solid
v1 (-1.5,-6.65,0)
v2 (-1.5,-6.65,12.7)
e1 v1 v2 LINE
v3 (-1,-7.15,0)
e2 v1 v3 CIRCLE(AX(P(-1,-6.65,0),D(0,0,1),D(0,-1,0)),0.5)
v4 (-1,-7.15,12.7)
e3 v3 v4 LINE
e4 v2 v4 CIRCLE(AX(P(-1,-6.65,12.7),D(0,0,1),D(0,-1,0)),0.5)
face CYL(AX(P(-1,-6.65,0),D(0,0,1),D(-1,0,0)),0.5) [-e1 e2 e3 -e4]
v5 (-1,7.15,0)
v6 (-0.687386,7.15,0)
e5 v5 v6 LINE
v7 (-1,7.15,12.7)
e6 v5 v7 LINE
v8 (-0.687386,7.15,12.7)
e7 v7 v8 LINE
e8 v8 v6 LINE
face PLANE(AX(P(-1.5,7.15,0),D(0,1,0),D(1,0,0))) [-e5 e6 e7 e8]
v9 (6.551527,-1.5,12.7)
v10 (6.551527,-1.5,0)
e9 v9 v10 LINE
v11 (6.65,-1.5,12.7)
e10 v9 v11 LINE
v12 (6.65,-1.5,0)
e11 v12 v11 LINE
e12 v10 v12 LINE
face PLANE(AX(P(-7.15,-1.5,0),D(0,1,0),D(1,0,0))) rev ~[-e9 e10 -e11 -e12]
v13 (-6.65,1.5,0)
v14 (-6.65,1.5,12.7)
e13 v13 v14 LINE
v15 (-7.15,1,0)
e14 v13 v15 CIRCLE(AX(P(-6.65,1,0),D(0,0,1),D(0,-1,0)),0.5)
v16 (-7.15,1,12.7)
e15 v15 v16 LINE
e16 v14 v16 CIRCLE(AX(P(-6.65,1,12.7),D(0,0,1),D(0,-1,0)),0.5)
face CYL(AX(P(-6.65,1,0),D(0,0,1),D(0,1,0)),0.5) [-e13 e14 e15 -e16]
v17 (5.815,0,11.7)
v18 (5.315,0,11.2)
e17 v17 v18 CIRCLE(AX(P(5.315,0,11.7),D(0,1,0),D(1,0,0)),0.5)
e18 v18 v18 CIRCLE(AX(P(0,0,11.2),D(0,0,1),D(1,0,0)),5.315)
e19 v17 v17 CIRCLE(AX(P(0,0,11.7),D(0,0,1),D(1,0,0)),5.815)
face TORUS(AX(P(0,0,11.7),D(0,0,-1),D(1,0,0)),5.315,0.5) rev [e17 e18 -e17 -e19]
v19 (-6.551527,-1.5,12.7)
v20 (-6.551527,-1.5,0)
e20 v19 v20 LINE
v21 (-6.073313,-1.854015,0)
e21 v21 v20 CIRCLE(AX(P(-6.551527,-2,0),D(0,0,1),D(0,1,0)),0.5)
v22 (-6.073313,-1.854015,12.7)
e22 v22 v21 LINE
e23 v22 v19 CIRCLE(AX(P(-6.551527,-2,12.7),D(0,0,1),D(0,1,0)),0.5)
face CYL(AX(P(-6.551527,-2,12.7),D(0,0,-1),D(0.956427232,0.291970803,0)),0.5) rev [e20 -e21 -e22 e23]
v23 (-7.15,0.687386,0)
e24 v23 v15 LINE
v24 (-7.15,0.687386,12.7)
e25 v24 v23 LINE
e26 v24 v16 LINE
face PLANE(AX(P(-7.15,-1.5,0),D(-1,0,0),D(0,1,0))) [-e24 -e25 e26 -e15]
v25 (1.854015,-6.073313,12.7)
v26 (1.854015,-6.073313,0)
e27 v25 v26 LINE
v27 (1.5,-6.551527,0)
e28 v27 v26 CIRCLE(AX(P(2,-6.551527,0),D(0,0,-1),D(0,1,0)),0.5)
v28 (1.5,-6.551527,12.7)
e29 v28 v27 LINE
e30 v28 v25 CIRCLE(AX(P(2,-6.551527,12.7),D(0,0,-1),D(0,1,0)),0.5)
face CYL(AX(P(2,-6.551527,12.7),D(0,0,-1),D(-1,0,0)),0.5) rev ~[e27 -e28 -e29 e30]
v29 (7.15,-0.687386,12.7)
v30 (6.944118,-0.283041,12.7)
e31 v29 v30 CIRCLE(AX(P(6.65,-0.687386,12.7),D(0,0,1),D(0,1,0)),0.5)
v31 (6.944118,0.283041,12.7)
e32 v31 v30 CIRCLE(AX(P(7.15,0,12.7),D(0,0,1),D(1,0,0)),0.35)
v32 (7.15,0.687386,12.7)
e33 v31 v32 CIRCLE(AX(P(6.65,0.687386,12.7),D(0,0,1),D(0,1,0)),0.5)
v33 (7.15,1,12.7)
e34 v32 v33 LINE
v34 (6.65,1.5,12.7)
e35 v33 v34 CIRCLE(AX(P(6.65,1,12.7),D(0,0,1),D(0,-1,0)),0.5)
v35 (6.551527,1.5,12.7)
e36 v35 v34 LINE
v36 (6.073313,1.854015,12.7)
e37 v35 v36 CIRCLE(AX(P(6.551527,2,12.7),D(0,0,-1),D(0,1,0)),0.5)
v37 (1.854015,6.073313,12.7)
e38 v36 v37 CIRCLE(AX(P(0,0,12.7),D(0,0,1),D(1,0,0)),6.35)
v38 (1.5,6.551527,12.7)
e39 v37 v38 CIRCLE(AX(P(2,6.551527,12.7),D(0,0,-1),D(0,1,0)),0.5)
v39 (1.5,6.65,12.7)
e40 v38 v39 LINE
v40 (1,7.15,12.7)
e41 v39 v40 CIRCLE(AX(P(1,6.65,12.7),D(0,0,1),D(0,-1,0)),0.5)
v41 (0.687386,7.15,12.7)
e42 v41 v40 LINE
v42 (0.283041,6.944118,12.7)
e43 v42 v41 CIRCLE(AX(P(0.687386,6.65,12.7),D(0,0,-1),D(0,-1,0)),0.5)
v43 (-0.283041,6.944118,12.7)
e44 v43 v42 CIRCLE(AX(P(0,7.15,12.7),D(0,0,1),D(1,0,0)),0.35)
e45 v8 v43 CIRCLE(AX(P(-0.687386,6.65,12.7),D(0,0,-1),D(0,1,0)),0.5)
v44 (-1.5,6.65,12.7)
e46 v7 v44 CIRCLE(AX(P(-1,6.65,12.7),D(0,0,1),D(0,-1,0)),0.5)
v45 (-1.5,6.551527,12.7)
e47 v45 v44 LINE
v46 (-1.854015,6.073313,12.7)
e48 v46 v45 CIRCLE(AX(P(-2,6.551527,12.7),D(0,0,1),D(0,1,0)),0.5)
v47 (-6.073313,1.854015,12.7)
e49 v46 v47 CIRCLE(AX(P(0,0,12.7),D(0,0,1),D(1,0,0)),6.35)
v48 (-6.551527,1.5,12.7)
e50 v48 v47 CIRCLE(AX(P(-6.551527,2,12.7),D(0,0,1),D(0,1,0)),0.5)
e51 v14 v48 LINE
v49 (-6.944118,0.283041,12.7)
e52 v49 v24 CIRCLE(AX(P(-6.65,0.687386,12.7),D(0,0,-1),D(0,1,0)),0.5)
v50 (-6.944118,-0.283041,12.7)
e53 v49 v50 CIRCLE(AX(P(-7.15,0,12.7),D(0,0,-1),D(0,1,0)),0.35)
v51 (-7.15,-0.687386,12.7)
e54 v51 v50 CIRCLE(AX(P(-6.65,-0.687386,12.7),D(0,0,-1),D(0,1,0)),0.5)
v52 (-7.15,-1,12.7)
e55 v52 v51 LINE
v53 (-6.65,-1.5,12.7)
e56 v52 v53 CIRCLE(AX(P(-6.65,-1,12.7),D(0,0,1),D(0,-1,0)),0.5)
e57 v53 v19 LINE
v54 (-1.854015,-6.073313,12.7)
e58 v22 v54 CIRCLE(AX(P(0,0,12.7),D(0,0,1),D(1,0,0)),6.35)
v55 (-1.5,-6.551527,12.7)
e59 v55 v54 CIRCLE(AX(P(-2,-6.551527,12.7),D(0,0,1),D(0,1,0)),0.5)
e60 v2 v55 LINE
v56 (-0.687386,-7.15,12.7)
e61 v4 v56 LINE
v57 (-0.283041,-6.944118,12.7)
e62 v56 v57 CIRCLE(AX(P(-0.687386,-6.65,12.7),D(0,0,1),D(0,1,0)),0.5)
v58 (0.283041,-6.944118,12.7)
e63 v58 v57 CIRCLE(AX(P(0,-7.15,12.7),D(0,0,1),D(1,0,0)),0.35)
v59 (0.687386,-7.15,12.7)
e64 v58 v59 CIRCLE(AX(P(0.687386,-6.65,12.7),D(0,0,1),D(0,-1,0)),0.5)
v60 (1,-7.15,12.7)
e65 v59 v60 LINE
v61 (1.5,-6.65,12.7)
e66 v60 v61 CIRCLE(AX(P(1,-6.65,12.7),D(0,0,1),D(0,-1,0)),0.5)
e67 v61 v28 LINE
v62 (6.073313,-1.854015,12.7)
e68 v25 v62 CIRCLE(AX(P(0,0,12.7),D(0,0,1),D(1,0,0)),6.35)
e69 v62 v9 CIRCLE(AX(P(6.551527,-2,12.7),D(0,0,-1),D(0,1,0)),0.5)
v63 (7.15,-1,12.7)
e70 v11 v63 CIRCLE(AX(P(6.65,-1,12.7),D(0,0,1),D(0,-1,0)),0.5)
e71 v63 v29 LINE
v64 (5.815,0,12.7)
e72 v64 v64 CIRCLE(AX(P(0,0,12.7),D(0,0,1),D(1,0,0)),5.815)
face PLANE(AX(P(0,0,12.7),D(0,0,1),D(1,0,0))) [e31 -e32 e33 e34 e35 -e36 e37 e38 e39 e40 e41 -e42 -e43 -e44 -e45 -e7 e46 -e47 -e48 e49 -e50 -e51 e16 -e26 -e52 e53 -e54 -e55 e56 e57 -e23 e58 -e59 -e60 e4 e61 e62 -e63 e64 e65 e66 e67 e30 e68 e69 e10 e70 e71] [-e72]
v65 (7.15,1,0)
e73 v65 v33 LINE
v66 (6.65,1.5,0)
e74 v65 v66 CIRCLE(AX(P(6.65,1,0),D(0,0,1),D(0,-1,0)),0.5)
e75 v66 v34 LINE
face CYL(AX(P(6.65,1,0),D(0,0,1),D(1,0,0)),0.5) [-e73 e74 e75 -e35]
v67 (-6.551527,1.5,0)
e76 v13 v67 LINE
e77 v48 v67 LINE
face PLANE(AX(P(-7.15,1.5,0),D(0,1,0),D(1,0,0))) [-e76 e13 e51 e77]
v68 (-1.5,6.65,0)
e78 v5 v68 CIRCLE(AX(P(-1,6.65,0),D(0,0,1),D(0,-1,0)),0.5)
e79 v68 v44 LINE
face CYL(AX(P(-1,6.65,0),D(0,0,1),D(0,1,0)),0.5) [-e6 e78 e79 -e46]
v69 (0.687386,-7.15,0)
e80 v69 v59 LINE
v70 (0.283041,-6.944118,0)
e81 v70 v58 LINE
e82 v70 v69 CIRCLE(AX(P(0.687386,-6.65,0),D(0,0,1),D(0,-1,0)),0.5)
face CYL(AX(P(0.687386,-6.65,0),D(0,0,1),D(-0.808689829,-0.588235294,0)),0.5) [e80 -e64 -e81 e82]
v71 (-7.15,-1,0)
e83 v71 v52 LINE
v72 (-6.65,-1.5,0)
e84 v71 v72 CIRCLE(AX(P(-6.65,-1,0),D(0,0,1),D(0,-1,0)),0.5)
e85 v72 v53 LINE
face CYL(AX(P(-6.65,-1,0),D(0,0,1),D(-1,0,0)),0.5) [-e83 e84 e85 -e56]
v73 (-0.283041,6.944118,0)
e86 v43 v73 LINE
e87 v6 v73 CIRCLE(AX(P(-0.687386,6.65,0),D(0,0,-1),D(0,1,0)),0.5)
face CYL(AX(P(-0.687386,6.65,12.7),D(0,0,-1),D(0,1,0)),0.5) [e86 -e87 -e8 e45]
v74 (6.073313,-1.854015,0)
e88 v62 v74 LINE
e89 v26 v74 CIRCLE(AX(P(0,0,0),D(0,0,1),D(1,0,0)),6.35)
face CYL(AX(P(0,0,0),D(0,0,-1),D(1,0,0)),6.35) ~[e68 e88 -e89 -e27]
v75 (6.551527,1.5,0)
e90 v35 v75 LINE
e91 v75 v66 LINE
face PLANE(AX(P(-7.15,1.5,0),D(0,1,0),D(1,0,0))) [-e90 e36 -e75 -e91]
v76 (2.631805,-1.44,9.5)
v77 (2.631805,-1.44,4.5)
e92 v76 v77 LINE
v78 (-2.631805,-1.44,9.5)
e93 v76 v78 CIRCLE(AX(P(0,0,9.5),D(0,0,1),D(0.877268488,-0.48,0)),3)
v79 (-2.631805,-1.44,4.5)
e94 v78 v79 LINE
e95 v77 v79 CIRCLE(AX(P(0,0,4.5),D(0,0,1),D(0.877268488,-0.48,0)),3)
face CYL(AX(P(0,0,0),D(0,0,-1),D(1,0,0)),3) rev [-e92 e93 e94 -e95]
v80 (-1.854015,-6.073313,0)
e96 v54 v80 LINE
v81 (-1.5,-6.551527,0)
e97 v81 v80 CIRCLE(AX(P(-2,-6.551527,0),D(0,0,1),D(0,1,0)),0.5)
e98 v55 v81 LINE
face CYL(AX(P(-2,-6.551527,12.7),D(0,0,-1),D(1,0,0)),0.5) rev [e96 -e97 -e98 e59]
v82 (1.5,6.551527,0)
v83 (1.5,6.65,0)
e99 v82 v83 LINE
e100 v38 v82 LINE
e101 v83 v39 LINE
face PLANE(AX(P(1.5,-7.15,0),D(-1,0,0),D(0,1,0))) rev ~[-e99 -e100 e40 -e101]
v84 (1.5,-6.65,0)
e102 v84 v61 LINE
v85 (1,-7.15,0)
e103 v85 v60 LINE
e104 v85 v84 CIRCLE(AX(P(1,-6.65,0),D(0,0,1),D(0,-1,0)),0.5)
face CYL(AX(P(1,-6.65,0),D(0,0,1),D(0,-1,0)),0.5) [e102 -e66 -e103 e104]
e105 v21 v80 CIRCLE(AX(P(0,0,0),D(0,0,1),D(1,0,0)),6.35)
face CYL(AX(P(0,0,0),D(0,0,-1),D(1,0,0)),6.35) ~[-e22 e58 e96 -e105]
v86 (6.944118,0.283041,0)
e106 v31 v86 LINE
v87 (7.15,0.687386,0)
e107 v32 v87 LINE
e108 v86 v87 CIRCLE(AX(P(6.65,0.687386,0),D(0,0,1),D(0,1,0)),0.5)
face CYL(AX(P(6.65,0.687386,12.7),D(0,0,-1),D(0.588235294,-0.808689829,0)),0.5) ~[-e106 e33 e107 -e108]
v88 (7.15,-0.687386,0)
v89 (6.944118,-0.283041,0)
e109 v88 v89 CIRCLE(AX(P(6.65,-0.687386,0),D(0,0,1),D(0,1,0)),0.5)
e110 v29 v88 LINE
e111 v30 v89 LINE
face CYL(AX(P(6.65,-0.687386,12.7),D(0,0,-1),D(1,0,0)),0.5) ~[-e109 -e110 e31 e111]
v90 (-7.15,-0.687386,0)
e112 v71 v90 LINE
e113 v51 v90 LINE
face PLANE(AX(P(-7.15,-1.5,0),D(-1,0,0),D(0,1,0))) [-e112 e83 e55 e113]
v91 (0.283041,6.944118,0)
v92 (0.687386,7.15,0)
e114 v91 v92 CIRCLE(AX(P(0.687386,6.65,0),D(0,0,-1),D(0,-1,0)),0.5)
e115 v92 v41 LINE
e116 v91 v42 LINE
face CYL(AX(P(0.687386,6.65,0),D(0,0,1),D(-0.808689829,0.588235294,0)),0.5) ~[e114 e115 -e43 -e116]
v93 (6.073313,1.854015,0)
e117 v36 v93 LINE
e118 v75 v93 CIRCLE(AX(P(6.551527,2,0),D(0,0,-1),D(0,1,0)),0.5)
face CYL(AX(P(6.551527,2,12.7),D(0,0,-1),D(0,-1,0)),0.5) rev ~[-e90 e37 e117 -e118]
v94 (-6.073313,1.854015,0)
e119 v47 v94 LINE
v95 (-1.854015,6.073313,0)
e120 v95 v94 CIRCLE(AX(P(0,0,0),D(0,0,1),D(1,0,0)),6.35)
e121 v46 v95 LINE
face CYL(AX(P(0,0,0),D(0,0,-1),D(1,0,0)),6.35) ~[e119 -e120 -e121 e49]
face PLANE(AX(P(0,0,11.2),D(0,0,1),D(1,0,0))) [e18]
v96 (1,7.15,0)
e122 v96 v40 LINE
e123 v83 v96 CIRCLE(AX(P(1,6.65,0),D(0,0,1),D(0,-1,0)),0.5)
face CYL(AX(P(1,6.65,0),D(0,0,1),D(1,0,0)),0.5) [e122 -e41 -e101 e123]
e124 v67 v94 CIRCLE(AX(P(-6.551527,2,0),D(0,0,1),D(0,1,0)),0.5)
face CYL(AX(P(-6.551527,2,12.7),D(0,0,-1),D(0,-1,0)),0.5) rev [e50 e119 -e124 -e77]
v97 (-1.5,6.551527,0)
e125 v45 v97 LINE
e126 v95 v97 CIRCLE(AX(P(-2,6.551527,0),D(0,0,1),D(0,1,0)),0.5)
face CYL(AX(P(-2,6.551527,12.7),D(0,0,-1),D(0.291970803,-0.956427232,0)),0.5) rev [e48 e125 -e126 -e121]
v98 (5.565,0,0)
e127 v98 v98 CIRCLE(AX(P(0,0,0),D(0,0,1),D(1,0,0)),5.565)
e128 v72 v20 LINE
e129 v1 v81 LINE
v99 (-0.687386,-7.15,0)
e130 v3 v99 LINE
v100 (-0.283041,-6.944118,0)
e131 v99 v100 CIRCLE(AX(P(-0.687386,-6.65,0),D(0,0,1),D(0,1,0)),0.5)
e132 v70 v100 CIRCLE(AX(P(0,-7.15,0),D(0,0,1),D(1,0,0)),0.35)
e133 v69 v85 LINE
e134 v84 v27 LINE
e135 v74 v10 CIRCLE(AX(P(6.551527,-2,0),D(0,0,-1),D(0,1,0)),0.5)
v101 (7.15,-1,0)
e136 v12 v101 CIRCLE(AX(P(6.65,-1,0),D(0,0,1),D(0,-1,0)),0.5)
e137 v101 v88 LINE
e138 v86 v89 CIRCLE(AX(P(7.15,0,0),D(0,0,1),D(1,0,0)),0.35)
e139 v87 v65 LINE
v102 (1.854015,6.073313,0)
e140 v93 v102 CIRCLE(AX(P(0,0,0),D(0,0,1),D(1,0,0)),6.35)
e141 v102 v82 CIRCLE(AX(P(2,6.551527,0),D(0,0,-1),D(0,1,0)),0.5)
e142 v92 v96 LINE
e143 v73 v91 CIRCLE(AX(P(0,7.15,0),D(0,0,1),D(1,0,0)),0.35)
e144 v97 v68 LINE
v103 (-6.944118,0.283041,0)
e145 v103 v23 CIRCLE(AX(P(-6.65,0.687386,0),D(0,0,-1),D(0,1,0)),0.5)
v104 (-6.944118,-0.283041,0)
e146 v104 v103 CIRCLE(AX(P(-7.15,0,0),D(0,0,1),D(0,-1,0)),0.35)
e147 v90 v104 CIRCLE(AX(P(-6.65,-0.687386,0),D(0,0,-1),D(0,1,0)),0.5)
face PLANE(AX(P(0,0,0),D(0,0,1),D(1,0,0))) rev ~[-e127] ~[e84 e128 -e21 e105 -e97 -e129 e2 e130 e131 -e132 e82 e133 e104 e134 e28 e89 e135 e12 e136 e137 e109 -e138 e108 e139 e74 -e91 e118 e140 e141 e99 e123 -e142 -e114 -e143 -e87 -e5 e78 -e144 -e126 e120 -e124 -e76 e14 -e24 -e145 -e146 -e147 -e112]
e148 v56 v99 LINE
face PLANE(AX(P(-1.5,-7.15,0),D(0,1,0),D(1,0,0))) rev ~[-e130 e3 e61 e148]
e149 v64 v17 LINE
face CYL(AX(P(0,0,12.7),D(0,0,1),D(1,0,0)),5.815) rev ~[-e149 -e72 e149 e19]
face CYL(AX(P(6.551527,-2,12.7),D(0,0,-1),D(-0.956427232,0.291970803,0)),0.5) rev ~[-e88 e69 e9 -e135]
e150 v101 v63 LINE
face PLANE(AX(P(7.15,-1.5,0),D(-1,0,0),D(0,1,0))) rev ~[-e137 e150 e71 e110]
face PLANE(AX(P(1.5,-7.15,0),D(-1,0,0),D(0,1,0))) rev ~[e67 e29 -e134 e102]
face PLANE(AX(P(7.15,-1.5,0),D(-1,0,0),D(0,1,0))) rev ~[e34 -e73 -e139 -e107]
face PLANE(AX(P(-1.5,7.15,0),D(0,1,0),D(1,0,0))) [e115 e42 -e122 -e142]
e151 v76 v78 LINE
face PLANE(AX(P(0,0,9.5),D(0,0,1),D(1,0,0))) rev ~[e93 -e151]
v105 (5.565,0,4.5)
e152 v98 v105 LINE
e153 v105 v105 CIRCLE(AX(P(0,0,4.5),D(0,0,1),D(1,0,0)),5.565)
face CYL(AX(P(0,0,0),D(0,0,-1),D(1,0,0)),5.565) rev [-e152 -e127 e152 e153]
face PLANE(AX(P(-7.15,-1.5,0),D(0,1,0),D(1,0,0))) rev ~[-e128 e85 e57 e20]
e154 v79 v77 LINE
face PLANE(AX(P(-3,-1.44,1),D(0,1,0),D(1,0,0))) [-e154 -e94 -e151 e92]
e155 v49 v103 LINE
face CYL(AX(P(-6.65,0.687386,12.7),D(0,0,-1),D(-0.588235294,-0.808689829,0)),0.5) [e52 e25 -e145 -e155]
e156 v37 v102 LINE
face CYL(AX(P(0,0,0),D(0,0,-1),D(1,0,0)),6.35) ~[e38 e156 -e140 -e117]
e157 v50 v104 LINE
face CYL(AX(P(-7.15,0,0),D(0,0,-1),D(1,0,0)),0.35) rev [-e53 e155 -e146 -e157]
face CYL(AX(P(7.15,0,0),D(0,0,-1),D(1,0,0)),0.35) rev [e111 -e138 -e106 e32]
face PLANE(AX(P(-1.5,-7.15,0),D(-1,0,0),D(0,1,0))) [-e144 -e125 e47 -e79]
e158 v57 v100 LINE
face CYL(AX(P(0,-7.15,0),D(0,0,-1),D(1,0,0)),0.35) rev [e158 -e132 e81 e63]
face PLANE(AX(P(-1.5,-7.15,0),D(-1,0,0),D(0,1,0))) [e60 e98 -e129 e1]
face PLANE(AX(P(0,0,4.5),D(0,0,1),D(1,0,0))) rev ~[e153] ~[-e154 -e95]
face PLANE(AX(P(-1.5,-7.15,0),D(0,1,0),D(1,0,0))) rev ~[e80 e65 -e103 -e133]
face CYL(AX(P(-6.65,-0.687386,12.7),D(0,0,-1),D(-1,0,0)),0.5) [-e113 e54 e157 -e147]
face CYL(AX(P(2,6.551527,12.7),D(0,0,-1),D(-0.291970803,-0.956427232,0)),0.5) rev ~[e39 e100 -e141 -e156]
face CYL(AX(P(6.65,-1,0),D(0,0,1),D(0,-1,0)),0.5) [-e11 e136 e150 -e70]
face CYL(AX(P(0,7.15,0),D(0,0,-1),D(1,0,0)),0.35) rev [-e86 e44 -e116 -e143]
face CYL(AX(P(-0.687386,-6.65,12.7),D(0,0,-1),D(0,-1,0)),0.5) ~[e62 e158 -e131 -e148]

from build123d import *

# Parameters (mm, degrees)
SKETCH1_R           = 6.35
BOSS_EXTRUDE1_DEPTH = 12.7
SKETCH2_W           = 14.3
SKETCH2_H           = 3
BOSS_EXTRUDE2_DEPTH = 12.7
SKETCH3_W           = 3
SKETCH3_H           = 14.3
BOSS_EXTRUDE3_DEPTH = 12.7
SKETCH4_R           = 0.35
CUT_EXTRUDE2_DEPTH  = 12.7
FILLET1_R           = 0.5
FILLET2_R           = 0.5
CUT_EXTRUDE3_START  = 12.7
SKETCH5_R           = 5.815
CUT_EXTRUDE3_DEPTH  = 1.5
FILLET3_R           = 0.5
SKETCH7_R           = 3
CUT_EXTRUDE5_DEPTH  = 9.5
BOSS_EXTRUDE4_START = 1
SKETCH8_W           = 6
SKETCH8_H           = 1.56
BOSS_EXTRUDE4_DEPTH = 9.5
SKETCH6_R           = 5.565
CUT_EXTRUDE4_DEPTH  = 4.5


with BuildPart() as part:
    # Sketch1 → Boss-Extrude1 (new body)
    with BuildSketch(Plane.XY):
        Circle(SKETCH1_R)
    extrude(amount=BOSS_EXTRUDE1_DEPTH)

    # Sketch2 → Boss-Extrude2 (add)
    with BuildSketch(Plane.XY):
        Rectangle(SKETCH2_W, SKETCH2_H)
    extrude(amount=BOSS_EXTRUDE2_DEPTH)

    # Sketch3 → Boss-Extrude3 (add)
    with BuildSketch(Plane.XY):
        Rectangle(SKETCH3_W, SKETCH3_H)
    extrude(amount=BOSS_EXTRUDE3_DEPTH)

    # Sketch4 → Cut-Extrude2 (cut)
    with BuildSketch(Plane.XY):
        with Locations((0, 7.15)):
            Circle(SKETCH4_R)
        with Locations((7.15, 0)):
            Circle(SKETCH4_R)
        with Locations((-7.15, 0)):
            Circle(SKETCH4_R)
        with Locations((0, -7.15)):
            Circle(SKETCH4_R)
    extrude(amount=CUT_EXTRUDE2_DEPTH, mode=Mode.SUBTRACT)

    # Fillet1
    fillet1_edges = [part.edges().sort_by_distance(p)[0] for p in [
        (7.15, 1.5, 6.35),
        (-7.15, -1.5, 6.35),
        (7.15, -1.5, 6.35),
        (-7.15, 1.5, 6.35),
        (1.5, -7.15, 6.35),
        (-1.5, 7.15, 6.35),
        (1.5, 7.15, 6.35),
        (-1.5, -7.15, 6.35),
    ]]
    fillet(fillet1_edges, radius=FILLET1_R)

    # Fillet2
    fillet2_edges = [part.edges().sort_by_distance(p)[0] for p in [
        (-6.170291727, 1.5, 6.35),
        (6.170291727, 1.5, 6.35),
        (6.170291727, -1.5, 6.35),
        (-6.170291727, -1.5, 6.35),
        (1.5, 6.170291727, 6.35),
        (1.5, -6.170291727, 6.35),
        (-1.5, 6.170291727, 6.35),
        (-1.5, -6.170291727, 6.35),
        (0.35, 7.15, 6.35),
        (-0.35, 7.15, 6.35),
        (-0.35, -7.15, 6.35),
        (0.35, -7.15, 6.35),
        (7.15, -0.35, 6.35),
        (7.15, 0.35, 6.35),
        (-7.15, 0.35, 6.35),
        (-7.15, -0.35, 6.35),
    ]]
    fillet(fillet2_edges, radius=FILLET2_R)

    # Sketch5 → Cut-Extrude3 (cut)
    with BuildSketch(Plane.XY.offset(CUT_EXTRUDE3_START)):
        Circle(SKETCH5_R)
    extrude(amount=-CUT_EXTRUDE3_DEPTH, mode=Mode.SUBTRACT)

    # Fillet3
    fillet3_edges = [part.edges().sort_by_distance(p)[0] for p in [
        (-5.815, 0, 11.2),
    ]]
    fillet(fillet3_edges, radius=FILLET3_R)

    # Sketch7 → Cut-Extrude5 (cut)
    with BuildSketch(Plane.XY):
        Circle(SKETCH7_R)
    extrude(amount=CUT_EXTRUDE5_DEPTH, mode=Mode.SUBTRACT)

    # Sketch8 → Boss-Extrude4 (add)
    with BuildSketch(Plane.XY.offset(BOSS_EXTRUDE4_START)):
        with Locations((0, -2.22)):
            Rectangle(SKETCH8_W, SKETCH8_H)
    extrude(amount=BOSS_EXTRUDE4_DEPTH)

    # Sketch6 → Cut-Extrude4 (cut)
    with BuildSketch(Plane.XY):
        Circle(SKETCH6_R)
    extrude(amount=CUT_EXTRUDE4_DEPTH, mode=Mode.SUBTRACT)


solid = part.part
